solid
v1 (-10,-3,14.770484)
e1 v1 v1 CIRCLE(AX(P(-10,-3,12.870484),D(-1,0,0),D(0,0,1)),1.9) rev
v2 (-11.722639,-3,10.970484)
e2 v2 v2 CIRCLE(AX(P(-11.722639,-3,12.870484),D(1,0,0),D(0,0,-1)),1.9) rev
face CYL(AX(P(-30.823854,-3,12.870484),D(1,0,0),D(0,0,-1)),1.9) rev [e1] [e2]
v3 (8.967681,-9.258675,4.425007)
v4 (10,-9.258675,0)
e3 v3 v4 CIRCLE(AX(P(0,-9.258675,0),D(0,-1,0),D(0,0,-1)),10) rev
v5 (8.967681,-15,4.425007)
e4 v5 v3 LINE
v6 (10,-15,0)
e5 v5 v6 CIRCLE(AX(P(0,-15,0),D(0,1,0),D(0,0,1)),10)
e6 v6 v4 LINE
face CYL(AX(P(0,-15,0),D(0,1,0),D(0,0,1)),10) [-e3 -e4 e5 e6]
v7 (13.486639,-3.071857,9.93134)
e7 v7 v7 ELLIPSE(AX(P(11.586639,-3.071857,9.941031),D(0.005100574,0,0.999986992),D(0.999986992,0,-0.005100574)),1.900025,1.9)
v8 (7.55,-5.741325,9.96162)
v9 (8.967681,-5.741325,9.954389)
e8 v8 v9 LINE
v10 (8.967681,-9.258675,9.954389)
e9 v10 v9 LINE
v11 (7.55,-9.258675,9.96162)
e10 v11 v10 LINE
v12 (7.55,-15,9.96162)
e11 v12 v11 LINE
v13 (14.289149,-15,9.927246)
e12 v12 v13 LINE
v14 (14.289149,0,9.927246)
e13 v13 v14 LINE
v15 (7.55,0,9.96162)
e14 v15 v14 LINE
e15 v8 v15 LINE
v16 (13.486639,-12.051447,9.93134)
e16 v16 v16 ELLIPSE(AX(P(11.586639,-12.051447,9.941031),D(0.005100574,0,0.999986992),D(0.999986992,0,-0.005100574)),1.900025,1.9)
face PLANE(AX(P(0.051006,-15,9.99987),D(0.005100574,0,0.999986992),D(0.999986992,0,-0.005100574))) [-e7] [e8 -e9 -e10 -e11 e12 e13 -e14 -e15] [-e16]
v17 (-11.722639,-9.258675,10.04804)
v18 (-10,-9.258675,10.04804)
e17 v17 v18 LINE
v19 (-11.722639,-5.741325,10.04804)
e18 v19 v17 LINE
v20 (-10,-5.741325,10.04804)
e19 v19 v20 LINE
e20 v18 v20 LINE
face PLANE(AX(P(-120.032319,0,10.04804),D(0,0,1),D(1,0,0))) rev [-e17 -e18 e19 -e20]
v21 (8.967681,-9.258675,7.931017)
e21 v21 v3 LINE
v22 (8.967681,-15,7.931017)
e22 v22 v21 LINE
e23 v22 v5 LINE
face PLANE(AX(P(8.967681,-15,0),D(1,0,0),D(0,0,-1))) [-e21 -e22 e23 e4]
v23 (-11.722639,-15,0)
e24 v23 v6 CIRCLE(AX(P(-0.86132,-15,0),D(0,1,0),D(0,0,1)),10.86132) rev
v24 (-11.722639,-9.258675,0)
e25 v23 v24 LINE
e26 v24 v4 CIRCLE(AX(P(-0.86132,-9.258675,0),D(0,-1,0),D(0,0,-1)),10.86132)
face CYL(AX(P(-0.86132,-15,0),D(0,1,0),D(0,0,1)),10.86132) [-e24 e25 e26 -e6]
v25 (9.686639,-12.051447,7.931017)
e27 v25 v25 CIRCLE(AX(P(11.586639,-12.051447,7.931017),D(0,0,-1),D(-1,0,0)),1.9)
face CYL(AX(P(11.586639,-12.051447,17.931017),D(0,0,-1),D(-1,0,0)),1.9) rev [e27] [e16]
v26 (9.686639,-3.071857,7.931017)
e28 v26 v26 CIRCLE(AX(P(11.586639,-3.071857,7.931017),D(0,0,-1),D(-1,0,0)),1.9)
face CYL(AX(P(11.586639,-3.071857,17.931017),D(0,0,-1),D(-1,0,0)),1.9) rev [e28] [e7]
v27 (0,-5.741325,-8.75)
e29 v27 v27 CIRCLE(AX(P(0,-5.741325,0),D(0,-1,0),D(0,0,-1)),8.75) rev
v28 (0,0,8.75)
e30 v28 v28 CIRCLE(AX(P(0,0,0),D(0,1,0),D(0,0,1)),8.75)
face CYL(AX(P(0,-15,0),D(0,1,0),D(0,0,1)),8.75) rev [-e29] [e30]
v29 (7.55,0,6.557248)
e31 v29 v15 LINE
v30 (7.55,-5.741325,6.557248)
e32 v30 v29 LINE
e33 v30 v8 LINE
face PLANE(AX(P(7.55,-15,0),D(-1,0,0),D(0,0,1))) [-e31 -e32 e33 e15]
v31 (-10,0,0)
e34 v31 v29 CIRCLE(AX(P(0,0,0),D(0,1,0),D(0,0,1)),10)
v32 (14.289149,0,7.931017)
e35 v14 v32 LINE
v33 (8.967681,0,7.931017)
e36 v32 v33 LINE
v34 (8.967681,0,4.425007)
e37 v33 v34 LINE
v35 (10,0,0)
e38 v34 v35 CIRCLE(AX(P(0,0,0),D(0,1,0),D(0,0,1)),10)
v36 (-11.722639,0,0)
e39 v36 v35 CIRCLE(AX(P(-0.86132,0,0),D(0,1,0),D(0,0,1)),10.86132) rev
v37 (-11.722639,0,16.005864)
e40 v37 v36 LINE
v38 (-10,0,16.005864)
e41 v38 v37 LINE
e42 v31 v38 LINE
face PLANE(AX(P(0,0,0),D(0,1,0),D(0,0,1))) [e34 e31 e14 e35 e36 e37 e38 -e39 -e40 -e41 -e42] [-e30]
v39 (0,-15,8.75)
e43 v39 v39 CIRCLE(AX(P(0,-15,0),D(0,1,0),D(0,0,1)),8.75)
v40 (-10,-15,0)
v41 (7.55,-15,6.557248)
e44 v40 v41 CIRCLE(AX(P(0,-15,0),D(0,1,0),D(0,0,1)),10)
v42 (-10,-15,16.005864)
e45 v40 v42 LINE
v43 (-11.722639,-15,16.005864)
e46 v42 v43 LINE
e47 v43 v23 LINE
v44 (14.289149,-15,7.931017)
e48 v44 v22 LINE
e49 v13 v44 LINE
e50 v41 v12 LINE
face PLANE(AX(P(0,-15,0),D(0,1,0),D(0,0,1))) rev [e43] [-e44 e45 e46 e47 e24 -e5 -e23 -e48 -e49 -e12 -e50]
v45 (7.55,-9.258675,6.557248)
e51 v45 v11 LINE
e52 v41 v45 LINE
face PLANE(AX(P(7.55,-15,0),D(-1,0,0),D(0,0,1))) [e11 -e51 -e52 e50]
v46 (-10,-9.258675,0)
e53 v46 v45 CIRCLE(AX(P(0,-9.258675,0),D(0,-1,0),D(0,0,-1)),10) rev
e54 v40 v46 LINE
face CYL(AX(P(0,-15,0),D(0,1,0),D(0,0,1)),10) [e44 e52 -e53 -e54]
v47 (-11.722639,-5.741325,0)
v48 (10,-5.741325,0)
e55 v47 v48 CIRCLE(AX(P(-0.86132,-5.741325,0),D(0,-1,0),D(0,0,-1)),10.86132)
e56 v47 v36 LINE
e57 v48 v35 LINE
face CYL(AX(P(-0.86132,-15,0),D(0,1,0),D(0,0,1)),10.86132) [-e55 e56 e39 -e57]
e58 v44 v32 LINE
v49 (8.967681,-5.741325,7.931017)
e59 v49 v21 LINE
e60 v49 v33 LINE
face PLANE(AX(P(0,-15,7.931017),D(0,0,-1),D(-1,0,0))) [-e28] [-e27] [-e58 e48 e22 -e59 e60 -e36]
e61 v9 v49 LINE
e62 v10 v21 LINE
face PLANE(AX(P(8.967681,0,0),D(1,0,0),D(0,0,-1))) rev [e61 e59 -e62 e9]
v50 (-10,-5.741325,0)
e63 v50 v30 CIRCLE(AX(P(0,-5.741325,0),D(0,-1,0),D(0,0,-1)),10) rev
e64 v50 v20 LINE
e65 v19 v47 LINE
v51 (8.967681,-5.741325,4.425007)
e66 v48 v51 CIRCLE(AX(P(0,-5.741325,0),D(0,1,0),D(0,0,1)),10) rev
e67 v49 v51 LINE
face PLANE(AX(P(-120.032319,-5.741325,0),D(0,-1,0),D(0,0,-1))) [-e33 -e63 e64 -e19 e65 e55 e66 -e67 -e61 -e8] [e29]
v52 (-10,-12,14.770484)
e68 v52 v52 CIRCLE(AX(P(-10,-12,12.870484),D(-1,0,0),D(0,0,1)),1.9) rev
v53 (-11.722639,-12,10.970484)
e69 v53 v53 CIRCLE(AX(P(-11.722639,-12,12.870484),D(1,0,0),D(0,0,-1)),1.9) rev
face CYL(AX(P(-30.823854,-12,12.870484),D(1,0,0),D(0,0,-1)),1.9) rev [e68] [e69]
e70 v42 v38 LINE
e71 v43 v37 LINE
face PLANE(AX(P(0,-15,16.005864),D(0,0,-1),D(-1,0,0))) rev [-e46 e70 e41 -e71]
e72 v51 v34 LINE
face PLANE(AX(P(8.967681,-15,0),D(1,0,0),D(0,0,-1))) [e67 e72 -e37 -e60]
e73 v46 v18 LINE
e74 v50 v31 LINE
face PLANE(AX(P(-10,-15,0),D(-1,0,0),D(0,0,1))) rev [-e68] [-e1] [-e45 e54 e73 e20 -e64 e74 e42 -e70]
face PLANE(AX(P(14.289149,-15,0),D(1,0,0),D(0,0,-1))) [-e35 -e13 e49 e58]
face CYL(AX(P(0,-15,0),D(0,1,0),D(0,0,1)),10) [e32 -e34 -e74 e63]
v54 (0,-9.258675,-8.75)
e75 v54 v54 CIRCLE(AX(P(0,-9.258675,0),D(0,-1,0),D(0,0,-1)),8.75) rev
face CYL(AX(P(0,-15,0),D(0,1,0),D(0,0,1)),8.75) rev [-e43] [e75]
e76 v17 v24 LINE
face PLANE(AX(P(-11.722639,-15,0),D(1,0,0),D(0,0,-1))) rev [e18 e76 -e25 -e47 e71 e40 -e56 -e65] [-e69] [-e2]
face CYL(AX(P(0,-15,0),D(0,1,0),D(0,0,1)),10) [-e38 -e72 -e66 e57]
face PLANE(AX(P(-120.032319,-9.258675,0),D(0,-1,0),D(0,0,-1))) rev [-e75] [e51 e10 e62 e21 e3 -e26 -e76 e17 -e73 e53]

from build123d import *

# Parameters (mm, degrees)
SKETCH1_R           = 8.75
BOSS_EXTRUDE1_DEPTH = 15
SKETCH2_R           = 1.9
CUT_EXTRUDE1_DEPTH  = 20
SKETCH3_R           = 1.9
CUT_EXTRUDE2_DEPTH  = 10
SKETCH4_W           = 24.600517232
SKETCH4_H           = 3.517349106
SKETCH4_W_2         = 3.50600932
SKETCH4_W_3         = 2.117023419
CUT_EXTRUDE3_DEPTH  = 129
SKETCH5_W           = 14.928012143
SKETCH5_H           = 3.517349106
CUT_EXTRUDE4_DEPTH  = 39.5


with BuildPart() as part:
    # Sketch1 → Boss-Extrude1 (new body)
    with BuildSketch(Plane(origin=(0, 0, 0), x_dir=(1, 0, 0), z_dir=(0, 1, 0))):
        with BuildLine():
            Line((7.55, -6.557247898), (7.55, -9.961620247))
            Line((7.55, -9.961620247), (14.289149279, -9.92724627))
            Line((14.289149279, -9.92724627), (14.289149279, -7.931016803))
            Line((14.289149279, -7.931016803), (8.967681349, -7.931016803))
            Line((8.967681349, -7.931016803), (8.967681349, -4.425007483))
            ThreePointArc((8.967681349, -4.425007483), (9.738501258, -2.271914007), (10, 0))
            ThreePointArc((10, 0), (-0.861319558, 10.861319558), (-11.722639117, 0))
            Line((-11.722639117, 0), (-11.722639117, -16.005864092))
            Line((-11.722639117, -16.005864092), (-10, -16.005864092))
            Line((-10, -16.005864092), (-10, 0))
            ThreePointArc((-10, 0), (-3.5, -9.367496998), (7.55, -6.557247898))
        make_face()
        with Locations(Location((0, 0, 0), (0, 0, 270))):
            Circle(SKETCH1_R, mode=Mode.SUBTRACT)
    extrude(amount=-BOSS_EXTRUDE1_DEPTH)

    # Sketch2 → Cut-Extrude1 (cut, symmetric)
    with BuildSketch(Plane.ZY.offset(10.823854245)):
        with Locations(Location((12.870484291, -12, 0), (0, 0, 180))):
            Circle(SKETCH2_R)
        with Locations(Location((12.870484291, -3, 0), (0, 0, 180))):
            Circle(SKETCH2_R)
    extrude(amount=CUT_EXTRUDE1_DEPTH, both=True, mode=Mode.SUBTRACT)

    # Sketch3 → Cut-Extrude2 (cut)
    with BuildSketch(Plane(origin=(0, 0, 7.931016803), x_dir=(-1, 0, 0), z_dir=(0, 0, -1))):
        with Locations((-11.586638558, -12.051447382)):
            Circle(SKETCH3_R)
        with Locations((-11.586638558, -3.07185738)):
            Circle(SKETCH3_R)
    extrude(amount=-CUT_EXTRUDE2_DEPTH, mode=Mode.SUBTRACT)

    # Sketch4 → Cut-Extrude3 (cut)
    with BuildSketch(Plane(origin=(8.967681349, 0, 0), x_dir=(0, 0, -1), z_dir=(1, 0, 0))):
        with Locations((7.875251133, -7.5)):
            Rectangle(SKETCH4_W, SKETCH4_H)
        with Locations((-6.178012143, -7.5)):
            Rectangle(SKETCH4_W_2, SKETCH4_H)
        with Locations((-8.989528513, -7.5)):
            Rectangle(SKETCH4_W_3, SKETCH4_H)
    extrude(amount=-CUT_EXTRUDE3_DEPTH, mode=Mode.SUBTRACT)

    # Sketch5 → Cut-Extrude4 (cut, symmetric)
    with BuildSketch(Plane(origin=(-10, 0, 0), x_dir=(0, 0, -1), z_dir=(1, 0, 0))):
        with Locations((1.285993928, -7.5)):
            Rectangle(SKETCH5_W, SKETCH5_H)
    extrude(amount=CUT_EXTRUDE4_DEPTH, both=True, mode=Mode.SUBTRACT)


solid = part.part
